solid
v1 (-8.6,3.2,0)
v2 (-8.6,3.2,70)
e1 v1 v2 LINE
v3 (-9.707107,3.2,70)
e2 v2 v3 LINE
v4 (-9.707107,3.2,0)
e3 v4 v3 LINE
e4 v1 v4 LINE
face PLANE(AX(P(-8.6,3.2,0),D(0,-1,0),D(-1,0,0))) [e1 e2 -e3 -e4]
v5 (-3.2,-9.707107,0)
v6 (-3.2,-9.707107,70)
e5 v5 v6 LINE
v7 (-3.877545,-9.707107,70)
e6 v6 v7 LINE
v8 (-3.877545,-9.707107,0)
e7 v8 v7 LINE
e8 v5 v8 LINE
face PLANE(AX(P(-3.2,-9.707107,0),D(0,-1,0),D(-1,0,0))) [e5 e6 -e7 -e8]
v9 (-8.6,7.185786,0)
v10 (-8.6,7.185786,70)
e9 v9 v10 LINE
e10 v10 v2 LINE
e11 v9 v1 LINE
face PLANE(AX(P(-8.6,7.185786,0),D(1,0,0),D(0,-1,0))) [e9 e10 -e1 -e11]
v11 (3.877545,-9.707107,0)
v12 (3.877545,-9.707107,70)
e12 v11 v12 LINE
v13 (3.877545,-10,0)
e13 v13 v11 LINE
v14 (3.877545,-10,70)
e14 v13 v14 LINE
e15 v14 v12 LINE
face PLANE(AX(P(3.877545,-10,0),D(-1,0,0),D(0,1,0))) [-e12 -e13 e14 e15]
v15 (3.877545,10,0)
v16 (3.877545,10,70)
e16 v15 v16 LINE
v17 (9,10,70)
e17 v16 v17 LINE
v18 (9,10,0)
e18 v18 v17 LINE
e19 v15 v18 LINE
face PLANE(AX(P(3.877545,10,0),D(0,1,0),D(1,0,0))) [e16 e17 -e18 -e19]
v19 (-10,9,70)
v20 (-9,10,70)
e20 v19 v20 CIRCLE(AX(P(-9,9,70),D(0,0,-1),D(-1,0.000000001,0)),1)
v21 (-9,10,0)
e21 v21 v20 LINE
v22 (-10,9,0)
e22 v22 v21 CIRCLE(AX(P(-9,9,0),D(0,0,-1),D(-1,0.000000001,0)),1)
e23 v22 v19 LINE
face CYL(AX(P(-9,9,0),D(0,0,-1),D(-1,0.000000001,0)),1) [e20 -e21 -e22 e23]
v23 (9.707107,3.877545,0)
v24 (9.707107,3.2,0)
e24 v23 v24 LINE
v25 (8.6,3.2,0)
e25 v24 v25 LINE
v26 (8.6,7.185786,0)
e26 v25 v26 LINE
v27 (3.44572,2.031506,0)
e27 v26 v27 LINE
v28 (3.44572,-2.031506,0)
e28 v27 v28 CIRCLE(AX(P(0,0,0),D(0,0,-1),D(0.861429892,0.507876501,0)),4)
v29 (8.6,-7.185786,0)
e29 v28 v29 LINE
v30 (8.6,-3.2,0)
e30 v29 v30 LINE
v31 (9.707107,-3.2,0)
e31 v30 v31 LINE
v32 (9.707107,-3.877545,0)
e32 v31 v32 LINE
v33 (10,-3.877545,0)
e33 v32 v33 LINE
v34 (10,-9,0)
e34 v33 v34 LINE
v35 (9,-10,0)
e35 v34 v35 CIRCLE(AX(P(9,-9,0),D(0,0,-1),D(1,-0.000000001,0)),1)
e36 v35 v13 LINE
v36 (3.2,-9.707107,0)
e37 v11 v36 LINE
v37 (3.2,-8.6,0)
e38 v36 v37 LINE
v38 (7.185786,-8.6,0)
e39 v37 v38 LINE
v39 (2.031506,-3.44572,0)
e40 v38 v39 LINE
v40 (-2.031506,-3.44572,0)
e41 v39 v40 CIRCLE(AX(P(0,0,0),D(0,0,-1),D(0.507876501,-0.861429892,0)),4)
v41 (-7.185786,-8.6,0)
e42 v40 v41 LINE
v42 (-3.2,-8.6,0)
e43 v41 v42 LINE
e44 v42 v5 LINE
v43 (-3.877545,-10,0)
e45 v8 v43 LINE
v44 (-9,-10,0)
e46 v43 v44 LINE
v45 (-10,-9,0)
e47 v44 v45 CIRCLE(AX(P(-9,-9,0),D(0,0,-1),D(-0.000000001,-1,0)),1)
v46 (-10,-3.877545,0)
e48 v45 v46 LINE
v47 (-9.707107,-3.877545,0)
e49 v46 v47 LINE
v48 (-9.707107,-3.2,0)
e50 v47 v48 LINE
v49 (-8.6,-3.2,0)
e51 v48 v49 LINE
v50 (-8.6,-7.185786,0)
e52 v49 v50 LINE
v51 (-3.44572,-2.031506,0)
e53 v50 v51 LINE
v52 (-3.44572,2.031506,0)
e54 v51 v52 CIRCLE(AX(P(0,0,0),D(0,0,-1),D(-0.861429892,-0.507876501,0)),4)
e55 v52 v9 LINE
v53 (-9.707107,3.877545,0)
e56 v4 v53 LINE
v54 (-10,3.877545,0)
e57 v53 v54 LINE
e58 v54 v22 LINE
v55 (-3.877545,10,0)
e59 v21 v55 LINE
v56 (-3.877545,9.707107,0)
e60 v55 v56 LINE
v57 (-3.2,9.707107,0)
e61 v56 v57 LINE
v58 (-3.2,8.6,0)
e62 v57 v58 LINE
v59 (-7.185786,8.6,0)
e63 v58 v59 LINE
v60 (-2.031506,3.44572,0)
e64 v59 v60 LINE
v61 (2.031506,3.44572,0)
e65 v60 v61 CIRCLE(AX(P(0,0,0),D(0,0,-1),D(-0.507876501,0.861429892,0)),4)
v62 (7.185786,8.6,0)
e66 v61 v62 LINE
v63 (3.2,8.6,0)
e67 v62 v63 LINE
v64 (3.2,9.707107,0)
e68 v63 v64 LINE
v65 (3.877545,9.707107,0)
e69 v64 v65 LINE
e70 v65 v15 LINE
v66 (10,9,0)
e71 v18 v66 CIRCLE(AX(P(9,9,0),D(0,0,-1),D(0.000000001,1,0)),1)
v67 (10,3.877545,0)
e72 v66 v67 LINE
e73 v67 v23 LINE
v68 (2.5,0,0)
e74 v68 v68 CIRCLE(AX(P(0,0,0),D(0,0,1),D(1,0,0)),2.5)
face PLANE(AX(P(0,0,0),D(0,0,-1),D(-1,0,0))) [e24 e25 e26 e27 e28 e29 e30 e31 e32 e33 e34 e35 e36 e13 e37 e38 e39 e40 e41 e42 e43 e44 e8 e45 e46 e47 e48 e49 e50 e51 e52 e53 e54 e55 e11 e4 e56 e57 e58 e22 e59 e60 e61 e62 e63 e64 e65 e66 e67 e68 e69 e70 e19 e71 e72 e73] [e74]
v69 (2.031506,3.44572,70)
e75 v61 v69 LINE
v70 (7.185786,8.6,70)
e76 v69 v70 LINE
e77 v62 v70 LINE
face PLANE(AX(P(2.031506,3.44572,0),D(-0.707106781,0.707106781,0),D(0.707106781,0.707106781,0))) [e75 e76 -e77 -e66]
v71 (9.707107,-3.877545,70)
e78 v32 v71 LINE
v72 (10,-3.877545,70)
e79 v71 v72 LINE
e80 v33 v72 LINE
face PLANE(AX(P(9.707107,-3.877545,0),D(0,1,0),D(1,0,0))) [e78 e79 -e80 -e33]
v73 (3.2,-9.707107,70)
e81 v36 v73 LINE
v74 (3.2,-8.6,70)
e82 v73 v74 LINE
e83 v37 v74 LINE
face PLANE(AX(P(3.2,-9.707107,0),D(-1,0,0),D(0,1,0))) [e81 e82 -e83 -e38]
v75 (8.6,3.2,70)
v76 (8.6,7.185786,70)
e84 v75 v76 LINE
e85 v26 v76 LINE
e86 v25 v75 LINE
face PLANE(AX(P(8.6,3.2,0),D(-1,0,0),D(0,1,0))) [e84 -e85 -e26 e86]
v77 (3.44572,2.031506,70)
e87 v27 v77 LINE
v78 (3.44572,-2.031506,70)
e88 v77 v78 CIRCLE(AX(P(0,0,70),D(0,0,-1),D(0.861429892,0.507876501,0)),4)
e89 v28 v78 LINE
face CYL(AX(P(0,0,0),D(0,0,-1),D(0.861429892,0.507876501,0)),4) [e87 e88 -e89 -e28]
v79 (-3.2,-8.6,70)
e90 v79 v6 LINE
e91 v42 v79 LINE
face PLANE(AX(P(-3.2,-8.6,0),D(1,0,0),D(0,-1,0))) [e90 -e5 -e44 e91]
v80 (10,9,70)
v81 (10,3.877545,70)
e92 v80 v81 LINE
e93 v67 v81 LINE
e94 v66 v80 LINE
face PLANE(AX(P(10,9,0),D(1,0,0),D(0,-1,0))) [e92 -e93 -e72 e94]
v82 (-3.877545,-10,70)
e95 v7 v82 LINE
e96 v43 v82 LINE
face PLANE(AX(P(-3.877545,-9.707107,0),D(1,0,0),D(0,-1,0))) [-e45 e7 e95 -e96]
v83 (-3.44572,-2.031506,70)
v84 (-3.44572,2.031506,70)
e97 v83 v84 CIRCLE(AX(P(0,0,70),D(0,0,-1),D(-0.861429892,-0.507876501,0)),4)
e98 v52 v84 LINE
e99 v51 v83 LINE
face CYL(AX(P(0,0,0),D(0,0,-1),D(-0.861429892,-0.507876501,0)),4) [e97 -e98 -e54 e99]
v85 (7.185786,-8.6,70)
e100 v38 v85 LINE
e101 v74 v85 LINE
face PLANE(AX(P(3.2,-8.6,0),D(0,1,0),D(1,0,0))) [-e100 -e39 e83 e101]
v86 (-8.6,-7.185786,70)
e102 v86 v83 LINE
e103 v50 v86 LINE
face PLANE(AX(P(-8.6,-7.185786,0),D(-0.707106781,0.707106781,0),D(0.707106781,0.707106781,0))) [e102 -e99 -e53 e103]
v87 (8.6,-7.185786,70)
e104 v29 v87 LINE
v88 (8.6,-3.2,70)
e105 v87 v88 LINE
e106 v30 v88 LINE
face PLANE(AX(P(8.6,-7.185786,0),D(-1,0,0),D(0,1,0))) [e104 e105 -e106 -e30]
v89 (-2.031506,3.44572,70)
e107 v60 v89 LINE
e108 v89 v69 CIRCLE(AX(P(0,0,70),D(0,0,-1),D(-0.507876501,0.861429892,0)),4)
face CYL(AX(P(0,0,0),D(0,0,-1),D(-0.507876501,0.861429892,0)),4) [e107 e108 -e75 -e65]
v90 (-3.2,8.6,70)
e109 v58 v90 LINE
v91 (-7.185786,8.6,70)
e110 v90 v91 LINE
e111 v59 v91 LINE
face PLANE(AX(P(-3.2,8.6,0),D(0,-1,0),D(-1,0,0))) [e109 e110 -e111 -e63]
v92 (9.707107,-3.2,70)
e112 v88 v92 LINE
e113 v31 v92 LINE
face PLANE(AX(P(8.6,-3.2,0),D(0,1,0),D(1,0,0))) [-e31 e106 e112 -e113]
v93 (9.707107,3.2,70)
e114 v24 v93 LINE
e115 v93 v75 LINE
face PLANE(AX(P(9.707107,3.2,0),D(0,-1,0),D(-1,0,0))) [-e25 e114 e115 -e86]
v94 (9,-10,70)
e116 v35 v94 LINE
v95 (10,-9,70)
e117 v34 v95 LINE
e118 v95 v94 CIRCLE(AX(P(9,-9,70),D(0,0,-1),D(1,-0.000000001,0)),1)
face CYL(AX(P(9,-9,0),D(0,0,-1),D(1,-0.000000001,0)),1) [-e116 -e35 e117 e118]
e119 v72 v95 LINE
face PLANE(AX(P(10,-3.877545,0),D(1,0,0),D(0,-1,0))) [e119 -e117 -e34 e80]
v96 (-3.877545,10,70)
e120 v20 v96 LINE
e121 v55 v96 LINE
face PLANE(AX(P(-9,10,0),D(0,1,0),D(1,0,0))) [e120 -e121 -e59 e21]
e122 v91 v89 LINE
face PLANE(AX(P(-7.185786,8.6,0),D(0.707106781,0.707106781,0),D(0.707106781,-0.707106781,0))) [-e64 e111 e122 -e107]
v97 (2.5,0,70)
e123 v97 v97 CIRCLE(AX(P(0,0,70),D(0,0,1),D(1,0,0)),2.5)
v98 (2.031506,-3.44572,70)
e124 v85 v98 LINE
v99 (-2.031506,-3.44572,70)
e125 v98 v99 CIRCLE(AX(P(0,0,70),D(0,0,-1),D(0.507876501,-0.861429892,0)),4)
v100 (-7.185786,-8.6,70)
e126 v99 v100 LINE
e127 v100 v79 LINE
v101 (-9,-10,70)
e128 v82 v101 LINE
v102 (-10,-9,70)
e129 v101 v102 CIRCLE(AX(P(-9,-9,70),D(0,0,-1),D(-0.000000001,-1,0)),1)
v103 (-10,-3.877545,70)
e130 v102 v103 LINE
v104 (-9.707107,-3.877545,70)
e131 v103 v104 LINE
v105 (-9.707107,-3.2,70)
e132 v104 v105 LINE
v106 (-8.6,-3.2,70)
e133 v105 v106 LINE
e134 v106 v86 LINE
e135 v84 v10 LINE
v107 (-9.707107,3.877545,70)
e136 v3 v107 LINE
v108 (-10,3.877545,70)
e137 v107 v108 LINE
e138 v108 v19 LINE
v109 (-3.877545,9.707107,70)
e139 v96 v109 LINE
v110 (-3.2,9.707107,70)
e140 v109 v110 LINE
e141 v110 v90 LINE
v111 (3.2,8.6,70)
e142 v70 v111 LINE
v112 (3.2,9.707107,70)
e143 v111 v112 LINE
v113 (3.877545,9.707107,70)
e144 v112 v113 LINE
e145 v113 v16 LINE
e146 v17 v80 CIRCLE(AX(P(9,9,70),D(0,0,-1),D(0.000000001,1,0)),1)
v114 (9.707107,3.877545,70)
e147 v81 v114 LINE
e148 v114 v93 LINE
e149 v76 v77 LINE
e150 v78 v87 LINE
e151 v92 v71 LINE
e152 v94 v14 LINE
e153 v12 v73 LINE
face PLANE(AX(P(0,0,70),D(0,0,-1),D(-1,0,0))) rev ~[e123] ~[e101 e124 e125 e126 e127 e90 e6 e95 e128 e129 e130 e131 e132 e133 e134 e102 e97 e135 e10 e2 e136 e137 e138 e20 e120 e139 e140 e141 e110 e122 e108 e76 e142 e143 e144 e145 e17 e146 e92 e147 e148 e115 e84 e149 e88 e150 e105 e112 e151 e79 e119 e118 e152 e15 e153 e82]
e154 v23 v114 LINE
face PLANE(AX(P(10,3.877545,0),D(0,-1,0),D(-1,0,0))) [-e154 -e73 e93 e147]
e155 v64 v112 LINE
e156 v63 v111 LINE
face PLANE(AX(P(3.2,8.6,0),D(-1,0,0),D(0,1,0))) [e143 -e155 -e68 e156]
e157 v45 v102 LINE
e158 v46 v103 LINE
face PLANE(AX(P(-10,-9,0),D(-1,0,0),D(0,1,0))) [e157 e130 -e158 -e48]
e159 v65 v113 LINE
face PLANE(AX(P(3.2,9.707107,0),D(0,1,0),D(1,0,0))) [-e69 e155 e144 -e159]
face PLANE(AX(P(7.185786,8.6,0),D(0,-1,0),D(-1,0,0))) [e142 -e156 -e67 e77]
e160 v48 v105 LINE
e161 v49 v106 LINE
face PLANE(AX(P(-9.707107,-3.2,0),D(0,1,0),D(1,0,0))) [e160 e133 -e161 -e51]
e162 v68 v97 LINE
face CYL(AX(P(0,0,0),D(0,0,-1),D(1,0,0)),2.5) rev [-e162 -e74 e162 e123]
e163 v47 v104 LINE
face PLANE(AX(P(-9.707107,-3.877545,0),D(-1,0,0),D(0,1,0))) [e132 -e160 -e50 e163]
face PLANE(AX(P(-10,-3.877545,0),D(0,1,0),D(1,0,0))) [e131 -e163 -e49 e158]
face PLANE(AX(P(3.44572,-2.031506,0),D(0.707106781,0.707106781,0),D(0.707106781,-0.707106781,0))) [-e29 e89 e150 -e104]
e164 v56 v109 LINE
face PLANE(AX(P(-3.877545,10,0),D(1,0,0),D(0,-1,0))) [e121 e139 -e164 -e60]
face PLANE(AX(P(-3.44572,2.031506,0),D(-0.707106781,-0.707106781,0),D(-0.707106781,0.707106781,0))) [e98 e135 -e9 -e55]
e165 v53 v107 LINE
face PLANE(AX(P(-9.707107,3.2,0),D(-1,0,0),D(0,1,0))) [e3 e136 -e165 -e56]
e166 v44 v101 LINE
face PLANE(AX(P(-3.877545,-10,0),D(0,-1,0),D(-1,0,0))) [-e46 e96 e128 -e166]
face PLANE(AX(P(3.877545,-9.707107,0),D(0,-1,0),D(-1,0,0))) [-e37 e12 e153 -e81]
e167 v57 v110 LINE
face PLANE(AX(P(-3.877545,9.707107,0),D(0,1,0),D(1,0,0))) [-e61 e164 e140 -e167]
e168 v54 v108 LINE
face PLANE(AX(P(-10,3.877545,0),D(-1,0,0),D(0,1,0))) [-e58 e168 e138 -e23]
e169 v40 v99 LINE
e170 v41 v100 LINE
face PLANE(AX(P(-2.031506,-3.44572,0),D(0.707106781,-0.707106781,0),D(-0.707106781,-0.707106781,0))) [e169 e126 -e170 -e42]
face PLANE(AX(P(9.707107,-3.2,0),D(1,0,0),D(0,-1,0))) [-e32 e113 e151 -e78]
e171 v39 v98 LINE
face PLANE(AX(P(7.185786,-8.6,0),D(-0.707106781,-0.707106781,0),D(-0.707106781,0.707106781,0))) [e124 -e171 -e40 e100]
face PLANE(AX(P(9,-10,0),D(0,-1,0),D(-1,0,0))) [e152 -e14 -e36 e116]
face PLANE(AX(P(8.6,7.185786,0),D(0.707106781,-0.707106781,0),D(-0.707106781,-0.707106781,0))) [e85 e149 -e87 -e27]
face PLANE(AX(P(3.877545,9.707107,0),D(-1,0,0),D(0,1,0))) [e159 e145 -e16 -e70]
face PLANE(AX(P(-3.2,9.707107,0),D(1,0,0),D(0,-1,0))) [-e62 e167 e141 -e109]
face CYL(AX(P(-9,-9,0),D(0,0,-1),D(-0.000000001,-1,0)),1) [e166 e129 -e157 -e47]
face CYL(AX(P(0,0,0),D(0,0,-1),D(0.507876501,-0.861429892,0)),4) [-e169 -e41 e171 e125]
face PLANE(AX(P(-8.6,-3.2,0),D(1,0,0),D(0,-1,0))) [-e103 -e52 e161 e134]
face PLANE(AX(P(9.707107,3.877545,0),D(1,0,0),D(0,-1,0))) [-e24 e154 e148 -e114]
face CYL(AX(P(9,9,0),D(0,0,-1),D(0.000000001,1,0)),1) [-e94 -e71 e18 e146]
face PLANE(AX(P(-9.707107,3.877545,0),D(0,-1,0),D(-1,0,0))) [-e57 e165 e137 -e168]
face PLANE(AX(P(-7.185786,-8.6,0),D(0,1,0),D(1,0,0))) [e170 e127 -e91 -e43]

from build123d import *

# Parameters (mm, degrees)
SKETCH1_R           = 2.5
BOSS_EXTRUDE1_DEPTH = 70


with BuildPart() as part:
    # Sketch1 → Boss-Extrude1 (new body)
    with BuildSketch(Plane.XY):
        with BuildLine():
            Line((-9.707106781, -3.2), (-8.6, -3.2))
            Line((-8.6, -3.2), (-8.6, -7.185786438))
            Line((-8.6, -7.185786438), (-3.445719569, -2.031506006))
            ThreePointArc((-3.445719569, -2.031506006), (-4, 0), (-3.445719569, 2.031506006))
            Line((-3.445719569, 2.031506006), (-8.6, 7.185786438))
            Line((-8.6, 7.185786438), (-8.6, 3.2))
            Line((-8.6, 3.2), (-9.707106781, 3.2))
            Line((-9.707106781, 3.2), (-9.707106781, 3.877544562))
            Line((-9.707106781, 3.877544562), (-10, 3.877544562))
            Line((-10, 3.877544562), (-10, 9))
            ThreePointArc((-10, 9), (-9.707106781, 9.707106781), (-9, 10))
            Line((-9, 10), (-3.877544562, 10))
            Line((-3.877544562, 10), (-3.877544562, 9.707106781))
            Line((-3.877544562, 9.707106781), (-3.2, 9.707106781))
            Line((-3.2, 9.707106781), (-3.2, 8.6))
            Line((-3.2, 8.6), (-7.185786438, 8.6))
            Line((-7.185786438, 8.6), (-2.031506006, 3.445719569))
            ThreePointArc((-2.031506006, 3.445719569), (0, 4), (2.031506006, 3.445719569))
            Line((2.031506006, 3.445719569), (7.185786438, 8.6))
            Line((7.185786438, 8.6), (3.2, 8.6))
            Line((3.2, 8.6), (3.2, 9.707106781))
            Line((3.2, 9.707106781), (3.877544562, 9.707106781))
            Line((3.877544562, 9.707106781), (3.877544562, 10))
            Line((3.877544562, 10), (9, 10))
            ThreePointArc((9, 10), (9.707106781, 9.707106781), (10, 9))
            Line((10, 9), (10, 3.877544562))
            Line((10, 3.877544562), (9.707106781, 3.877544562))
            Line((9.707106781, 3.877544562), (9.707106781, 3.2))
            Line((9.707106781, 3.2), (8.6, 3.2))
            Line((8.6, 3.2), (8.6, 7.185786438))
            Line((8.6, 7.185786438), (3.445719569, 2.031506006))
            ThreePointArc((3.445719569, 2.031506006), (4, 0), (3.445719569, -2.031506006))
            Line((3.445719569, -2.031506006), (8.6, -7.185786438))
            Line((8.6, -7.185786438), (8.6, -3.2))
            Line((8.6, -3.2), (9.707106781, -3.2))
            Line((9.707106781, -3.2), (9.707106781, -3.877544562))
            Line((9.707106781, -3.877544562), (10, -3.877544562))
            Line((10, -3.877544562), (10, -9))
            ThreePointArc((10, -9), (9.707106781, -9.707106781), (9, -10))
            Line((9, -10), (3.877544562, -10))
            Line((3.877544562, -10), (3.877544562, -9.707106781))
            Line((3.877544562, -9.707106781), (3.2, -9.707106781))
            Line((3.2, -9.707106781), (3.2, -8.6))
            Line((3.2, -8.6), (7.185786438, -8.6))
            Line((7.185786438, -8.6), (2.031506006, -3.445719569))
            ThreePointArc((2.031506006, -3.445719569), (0, -4), (-2.031506006, -3.445719569))
            Line((-2.031506006, -3.445719569), (-7.185786438, -8.6))
            Line((-7.185786438, -8.6), (-3.2, -8.6))
            Line((-3.2, -8.6), (-3.2, -9.707106781))
            Line((-3.2, -9.707106781), (-3.877544562, -9.707106781))
            Line((-3.877544562, -9.707106781), (-3.877544562, -10))
            Line((-3.877544562, -10), (-9, -10))
            ThreePointArc((-9, -10), (-9.707106781, -9.707106781), (-10, -9))
            Line((-10, -9), (-10, -3.877544562))
            Line((-10, -3.877544562), (-9.707106781, -3.877544562))
            Line((-9.707106781, -3.877544562), (-9.707106781, -3.2))
        make_face()
        Circle(SKETCH1_R, mode=Mode.SUBTRACT)
    extrude(amount=BOSS_EXTRUDE1_DEPTH)


solid = part.part
